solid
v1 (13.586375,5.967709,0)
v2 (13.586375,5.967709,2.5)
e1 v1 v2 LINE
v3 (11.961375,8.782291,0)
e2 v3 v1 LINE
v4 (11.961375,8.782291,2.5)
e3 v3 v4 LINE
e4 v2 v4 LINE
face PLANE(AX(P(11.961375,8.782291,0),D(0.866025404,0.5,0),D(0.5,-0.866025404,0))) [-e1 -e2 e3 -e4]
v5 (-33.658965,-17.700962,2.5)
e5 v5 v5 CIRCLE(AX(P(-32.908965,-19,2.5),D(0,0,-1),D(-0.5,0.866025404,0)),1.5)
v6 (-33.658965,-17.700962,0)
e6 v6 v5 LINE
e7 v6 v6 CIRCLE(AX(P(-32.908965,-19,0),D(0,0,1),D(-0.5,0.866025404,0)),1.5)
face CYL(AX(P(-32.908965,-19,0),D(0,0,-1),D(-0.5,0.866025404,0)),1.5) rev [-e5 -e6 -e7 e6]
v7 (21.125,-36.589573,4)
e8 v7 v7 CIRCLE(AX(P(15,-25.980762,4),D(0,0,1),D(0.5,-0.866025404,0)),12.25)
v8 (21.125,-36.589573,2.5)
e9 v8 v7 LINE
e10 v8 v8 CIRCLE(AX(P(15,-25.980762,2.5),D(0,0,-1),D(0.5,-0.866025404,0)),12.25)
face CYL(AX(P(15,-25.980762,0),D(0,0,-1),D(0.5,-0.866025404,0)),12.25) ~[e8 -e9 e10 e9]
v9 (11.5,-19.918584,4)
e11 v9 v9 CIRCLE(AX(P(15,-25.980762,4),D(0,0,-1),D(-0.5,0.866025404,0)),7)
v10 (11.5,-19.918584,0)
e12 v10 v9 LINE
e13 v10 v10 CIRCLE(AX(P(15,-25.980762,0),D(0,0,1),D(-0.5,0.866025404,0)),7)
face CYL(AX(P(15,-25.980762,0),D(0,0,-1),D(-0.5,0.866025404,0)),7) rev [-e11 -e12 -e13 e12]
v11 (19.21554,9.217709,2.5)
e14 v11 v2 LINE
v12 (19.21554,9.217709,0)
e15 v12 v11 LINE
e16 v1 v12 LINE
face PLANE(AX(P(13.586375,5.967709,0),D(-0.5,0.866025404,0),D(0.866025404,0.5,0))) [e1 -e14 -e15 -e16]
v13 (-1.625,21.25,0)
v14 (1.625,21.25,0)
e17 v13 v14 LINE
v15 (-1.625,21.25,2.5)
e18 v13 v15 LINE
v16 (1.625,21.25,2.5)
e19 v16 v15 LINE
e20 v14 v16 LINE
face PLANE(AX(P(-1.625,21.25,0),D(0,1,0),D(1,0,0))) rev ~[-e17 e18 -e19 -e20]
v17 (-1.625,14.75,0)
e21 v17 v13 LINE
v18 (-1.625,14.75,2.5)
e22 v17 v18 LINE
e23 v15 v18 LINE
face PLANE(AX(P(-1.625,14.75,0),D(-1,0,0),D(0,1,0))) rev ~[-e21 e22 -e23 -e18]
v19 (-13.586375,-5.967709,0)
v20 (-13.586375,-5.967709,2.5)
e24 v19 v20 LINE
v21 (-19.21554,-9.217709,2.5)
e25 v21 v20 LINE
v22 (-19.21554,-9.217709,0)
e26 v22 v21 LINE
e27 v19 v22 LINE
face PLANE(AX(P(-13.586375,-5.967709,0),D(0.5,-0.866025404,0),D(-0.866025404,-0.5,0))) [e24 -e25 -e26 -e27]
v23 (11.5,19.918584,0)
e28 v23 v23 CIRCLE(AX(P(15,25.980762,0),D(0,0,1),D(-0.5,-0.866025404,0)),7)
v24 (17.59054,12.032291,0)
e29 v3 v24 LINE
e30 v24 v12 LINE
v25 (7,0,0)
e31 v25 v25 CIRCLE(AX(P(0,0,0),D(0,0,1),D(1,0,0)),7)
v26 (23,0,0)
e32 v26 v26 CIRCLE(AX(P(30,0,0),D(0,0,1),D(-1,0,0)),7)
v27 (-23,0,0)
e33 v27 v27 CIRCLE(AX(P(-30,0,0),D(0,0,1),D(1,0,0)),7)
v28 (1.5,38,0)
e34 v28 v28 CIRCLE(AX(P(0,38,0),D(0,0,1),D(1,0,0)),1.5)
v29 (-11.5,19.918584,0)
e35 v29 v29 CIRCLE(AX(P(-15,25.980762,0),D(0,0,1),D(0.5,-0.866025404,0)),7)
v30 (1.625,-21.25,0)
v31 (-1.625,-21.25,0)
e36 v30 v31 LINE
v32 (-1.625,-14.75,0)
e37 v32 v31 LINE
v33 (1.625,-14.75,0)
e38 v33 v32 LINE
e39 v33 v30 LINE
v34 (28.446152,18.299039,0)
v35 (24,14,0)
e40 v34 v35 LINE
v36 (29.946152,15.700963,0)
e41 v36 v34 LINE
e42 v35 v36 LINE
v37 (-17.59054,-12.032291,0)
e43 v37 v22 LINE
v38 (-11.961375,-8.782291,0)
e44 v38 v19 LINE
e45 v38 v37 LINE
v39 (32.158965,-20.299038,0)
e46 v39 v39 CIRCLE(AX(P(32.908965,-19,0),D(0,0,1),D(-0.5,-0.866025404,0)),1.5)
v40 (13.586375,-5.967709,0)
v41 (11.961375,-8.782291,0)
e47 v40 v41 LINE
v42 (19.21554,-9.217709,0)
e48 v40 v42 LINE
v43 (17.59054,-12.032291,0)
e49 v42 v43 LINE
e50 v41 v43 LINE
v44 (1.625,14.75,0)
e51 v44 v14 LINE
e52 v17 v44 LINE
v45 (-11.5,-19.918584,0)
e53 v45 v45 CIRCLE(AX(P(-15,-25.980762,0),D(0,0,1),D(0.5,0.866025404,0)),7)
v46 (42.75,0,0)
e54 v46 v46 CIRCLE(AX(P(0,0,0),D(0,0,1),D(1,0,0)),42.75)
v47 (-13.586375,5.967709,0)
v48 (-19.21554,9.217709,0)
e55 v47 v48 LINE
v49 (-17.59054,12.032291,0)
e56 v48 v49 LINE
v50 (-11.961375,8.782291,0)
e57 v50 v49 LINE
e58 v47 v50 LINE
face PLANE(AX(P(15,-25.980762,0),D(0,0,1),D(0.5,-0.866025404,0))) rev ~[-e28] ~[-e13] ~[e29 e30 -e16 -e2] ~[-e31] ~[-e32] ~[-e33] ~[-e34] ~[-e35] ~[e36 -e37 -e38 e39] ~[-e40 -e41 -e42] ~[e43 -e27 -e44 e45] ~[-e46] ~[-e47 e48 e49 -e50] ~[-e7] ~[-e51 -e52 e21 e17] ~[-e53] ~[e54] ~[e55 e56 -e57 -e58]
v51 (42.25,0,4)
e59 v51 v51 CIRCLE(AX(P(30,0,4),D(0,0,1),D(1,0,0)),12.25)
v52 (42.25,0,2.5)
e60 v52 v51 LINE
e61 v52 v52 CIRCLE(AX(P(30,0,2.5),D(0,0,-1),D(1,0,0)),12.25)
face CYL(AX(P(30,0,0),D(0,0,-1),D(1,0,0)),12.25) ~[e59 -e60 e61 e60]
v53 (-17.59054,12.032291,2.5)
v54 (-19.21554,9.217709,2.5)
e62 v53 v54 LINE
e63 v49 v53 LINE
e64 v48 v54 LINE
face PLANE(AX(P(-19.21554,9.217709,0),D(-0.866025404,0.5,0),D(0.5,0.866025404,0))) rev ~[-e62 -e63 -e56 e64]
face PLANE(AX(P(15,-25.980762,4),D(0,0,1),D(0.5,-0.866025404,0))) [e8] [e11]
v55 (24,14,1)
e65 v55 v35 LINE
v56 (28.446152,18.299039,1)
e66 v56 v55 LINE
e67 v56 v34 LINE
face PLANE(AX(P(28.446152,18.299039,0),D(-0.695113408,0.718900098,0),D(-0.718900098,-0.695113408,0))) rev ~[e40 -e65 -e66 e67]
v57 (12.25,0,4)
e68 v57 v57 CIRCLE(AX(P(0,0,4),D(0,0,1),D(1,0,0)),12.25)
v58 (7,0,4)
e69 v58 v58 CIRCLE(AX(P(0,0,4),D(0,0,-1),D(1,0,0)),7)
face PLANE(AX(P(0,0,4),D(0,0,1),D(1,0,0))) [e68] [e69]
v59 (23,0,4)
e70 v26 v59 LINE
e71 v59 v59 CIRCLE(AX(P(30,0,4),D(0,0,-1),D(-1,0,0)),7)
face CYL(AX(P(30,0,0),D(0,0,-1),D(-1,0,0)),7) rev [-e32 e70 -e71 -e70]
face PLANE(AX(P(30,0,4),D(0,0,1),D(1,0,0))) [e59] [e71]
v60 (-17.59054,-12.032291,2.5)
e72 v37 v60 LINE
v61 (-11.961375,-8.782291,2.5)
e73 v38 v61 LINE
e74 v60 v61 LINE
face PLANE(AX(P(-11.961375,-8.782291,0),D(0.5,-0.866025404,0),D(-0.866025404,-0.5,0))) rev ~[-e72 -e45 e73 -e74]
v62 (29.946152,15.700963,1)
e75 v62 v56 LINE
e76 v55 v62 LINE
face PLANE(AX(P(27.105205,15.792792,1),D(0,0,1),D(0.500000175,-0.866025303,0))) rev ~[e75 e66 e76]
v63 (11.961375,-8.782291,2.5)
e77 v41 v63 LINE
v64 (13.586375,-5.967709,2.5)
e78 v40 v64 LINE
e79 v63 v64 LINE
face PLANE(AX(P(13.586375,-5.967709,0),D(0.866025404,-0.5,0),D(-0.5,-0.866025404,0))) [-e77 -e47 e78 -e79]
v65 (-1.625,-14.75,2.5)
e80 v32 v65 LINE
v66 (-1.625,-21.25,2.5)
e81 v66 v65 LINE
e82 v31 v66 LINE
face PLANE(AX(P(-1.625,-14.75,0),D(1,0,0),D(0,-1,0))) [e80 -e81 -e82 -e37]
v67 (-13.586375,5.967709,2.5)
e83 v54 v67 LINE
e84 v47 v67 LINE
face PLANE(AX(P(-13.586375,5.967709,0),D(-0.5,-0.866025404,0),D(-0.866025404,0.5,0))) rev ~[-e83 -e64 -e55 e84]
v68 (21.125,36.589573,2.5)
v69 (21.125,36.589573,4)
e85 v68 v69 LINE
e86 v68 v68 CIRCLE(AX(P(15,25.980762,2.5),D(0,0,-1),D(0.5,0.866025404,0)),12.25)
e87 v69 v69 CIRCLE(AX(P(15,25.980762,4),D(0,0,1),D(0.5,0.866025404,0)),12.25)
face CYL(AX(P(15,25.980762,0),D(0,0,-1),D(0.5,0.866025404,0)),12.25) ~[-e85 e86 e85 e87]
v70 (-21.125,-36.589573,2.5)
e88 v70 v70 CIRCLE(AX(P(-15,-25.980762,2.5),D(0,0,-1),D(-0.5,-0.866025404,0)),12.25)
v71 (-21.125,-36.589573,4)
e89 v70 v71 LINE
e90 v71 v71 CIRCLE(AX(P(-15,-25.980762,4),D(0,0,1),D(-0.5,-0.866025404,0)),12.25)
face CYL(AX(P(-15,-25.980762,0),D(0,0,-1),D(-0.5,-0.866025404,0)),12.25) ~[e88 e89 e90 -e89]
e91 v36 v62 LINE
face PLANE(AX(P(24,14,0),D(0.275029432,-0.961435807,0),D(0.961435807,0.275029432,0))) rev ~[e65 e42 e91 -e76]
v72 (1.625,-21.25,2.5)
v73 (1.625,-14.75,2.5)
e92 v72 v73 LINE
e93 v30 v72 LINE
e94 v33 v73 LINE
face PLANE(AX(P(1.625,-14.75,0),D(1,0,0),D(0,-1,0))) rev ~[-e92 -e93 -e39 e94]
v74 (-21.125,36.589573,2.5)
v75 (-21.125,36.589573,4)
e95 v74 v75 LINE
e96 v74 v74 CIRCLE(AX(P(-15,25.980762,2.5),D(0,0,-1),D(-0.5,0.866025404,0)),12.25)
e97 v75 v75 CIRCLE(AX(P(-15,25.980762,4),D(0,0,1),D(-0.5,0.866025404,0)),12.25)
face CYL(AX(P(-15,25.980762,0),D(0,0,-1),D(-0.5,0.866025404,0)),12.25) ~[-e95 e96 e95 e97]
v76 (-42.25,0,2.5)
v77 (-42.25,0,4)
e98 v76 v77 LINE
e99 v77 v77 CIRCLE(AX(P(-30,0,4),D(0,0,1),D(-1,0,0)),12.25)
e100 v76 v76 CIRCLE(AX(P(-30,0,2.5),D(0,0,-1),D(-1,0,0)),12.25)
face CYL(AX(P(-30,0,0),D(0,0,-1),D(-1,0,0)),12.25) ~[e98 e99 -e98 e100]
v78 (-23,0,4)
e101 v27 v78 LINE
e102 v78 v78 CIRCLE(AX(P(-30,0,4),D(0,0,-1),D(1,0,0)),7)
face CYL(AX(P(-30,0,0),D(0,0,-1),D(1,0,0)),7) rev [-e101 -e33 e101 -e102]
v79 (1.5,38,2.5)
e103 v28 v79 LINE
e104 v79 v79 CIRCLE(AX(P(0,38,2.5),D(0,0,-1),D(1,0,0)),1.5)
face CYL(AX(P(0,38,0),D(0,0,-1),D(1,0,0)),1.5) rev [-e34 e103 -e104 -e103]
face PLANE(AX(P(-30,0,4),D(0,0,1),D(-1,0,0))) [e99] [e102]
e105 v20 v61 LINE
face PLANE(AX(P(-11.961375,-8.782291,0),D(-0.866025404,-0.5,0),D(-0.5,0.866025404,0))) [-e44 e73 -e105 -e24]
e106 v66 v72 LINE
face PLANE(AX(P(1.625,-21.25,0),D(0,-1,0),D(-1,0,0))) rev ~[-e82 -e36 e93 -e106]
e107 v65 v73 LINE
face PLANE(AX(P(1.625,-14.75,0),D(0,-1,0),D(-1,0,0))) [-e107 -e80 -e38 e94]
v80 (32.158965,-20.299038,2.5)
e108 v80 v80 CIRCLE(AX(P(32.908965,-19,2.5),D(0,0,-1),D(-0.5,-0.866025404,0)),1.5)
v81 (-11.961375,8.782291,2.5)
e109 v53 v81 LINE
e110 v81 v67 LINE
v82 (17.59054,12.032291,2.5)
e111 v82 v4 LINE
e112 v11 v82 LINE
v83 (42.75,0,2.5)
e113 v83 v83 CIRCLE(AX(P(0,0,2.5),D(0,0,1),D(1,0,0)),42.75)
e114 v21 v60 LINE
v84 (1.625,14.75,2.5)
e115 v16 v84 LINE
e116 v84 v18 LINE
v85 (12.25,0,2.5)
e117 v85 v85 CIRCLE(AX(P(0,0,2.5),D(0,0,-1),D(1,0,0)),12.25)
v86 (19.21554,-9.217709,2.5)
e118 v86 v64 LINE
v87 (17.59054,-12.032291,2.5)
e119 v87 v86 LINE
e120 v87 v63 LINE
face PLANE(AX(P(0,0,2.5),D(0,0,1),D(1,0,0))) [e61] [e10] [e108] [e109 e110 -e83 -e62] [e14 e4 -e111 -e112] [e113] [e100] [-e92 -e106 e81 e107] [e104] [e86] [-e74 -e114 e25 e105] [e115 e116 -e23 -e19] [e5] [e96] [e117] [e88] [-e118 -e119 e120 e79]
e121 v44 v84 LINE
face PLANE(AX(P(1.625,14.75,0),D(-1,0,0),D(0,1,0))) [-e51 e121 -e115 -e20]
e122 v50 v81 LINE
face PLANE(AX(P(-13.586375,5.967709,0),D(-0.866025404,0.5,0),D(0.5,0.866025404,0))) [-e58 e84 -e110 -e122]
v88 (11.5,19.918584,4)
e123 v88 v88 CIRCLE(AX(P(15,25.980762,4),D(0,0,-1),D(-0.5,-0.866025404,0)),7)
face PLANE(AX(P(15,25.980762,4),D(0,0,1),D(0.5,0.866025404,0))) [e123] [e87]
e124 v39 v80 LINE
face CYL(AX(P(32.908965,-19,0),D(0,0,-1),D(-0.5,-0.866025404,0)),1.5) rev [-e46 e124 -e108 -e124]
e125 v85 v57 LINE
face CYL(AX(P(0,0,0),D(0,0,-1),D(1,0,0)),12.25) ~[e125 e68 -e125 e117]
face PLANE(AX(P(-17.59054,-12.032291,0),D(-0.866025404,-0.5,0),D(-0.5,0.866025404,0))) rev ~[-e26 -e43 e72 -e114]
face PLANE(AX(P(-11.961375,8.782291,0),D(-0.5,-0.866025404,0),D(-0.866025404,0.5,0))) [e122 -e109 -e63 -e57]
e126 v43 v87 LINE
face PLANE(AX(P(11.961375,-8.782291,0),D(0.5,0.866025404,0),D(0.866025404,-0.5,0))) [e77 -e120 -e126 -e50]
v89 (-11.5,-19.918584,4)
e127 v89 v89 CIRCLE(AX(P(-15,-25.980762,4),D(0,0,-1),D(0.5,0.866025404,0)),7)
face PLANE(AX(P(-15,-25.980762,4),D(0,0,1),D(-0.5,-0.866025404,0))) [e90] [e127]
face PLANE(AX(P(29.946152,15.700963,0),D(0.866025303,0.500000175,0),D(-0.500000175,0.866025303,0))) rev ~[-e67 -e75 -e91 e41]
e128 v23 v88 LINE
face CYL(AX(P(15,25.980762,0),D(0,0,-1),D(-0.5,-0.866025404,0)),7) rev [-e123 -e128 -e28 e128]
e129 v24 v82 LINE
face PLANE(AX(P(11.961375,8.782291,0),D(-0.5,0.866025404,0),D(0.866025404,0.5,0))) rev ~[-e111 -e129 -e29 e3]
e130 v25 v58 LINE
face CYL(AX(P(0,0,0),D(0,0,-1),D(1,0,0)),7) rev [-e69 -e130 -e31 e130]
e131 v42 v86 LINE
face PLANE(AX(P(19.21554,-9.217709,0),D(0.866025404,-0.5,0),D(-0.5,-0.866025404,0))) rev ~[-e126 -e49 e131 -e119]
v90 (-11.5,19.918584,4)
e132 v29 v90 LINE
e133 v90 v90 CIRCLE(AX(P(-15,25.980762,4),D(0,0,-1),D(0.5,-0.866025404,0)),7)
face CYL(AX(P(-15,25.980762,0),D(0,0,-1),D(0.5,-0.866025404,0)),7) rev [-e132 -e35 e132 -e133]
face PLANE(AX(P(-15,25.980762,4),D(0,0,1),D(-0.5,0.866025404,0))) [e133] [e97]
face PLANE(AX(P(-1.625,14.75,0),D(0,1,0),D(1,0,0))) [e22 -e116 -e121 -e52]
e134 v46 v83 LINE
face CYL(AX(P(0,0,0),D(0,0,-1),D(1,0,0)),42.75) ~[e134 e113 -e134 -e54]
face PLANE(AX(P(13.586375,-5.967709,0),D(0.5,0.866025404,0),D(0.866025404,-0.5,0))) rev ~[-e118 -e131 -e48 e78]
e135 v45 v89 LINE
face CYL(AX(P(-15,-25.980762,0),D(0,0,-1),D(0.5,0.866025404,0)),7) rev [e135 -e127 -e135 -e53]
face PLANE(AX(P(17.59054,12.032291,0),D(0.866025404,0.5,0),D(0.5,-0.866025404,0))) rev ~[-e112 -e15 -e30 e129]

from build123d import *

# Parameters (mm, degrees)
CYLINDER_R            = 42.75
CYLINDER_DEPTH        = 2.5
CYLINDER001_R         = 12.25
CYLINDER001_DEPTH     = 4
CYLINDER002_R         = 12.25
CYLINDER002_DEPTH     = 4
POLARPATTERN_COUNT    = 6
SKETCH_R              = 7
POCKET_DEPTH          = 4.001
SKETCH001_R           = 7
POCKET001_DEPTH       = 245.963807
POLARPATTERN001_COUNT = 6
SKETCH002_R           = 1.5
POCKET002_DEPTH       = 245.963807
POLARPATTERN002_COUNT = 3
SKETCH003_W           = 3.25
SKETCH003_H           = 6.5
POCKET003_DEPTH       = 245.963807
POLARPATTERN003_COUNT = 6
POCKET004_DEPTH       = 1


with BuildPart() as part:
    # Cylinder → Cylinder (join)
    with BuildSketch(Plane.XY):
        Circle(CYLINDER_R)
    extrude(amount=CYLINDER_DEPTH)

    # Cylinder001 → Cylinder001 (join)
    with BuildSketch(Plane.XY):
        Circle(CYLINDER001_R)
    extrude(amount=CYLINDER001_DEPTH)

    # Cylinder002 → Cylinder002 (join)
    with BuildSketch(Plane(origin=(30, 0, 0), x_dir=(1, 0, 0), z_dir=(0, 0, 1))):
        Circle(CYLINDER002_R)
    cylinder002 = extrude(amount=CYLINDER002_DEPTH)

    # PolarPattern: Cylinder002 ×6 about axis
    polarpattern_axis = Axis((0, 0, 0), (0, 0, 1))
    for i in range(1, POLARPATTERN_COUNT):
        add(cylinder002.rotate(polarpattern_axis, i * 360 / POLARPATTERN_COUNT))

    # Sketch → Pocket (cut, through all)
    with BuildSketch(Plane.XY):
        Circle(SKETCH_R)
    extrude(amount=POCKET_DEPTH, mode=Mode.SUBTRACT)

    # Sketch001 → Pocket001 (cut, through all)
    with BuildSketch(Plane.XY):
        with Locations((-30, 0)):
            Circle(SKETCH001_R)
    pocket001 = extrude(amount=POCKET001_DEPTH, mode=Mode.SUBTRACT)

    # PolarPattern001: Pocket001 ×6 about axis
    polarpattern001_axis = Axis((0, 0, 0), (0, 0, 1))
    for i in range(1, POLARPATTERN001_COUNT):
        add(pocket001.rotate(polarpattern001_axis, i * 360 / POLARPATTERN001_COUNT), mode=Mode.SUBTRACT)

    # Sketch002 → Pocket002 (cut, through all)
    with BuildSketch(Plane.XY):
        with Locations((0, 38)):
            Circle(SKETCH002_R)
    pocket002 = extrude(amount=POCKET002_DEPTH, mode=Mode.SUBTRACT)

    # PolarPattern002: Pocket002 ×3 about axis
    polarpattern002_axis = Axis((0, 0, 0), (0, 0, 1))
    for i in range(1, POLARPATTERN002_COUNT):
        add(pocket002.rotate(polarpattern002_axis, i * 360 / POLARPATTERN002_COUNT), mode=Mode.SUBTRACT)

    # Sketch003 → Pocket003 (cut, through all)
    with BuildSketch(Plane.XY):
        with Locations((0, 18)):
            Rectangle(SKETCH003_W, SKETCH003_H)
    pocket003 = extrude(amount=POCKET003_DEPTH, mode=Mode.SUBTRACT)

    # PolarPattern003: Pocket003 ×6 about axis
    polarpattern003_axis = Axis((0, 0, 0), (0, 0, 1))
    for i in range(1, POLARPATTERN003_COUNT):
        add(pocket003.rotate(polarpattern003_axis, i * 360 / POLARPATTERN003_COUNT), mode=Mode.SUBTRACT)

    # Sketch004 → Pocket004 (cut, symmetric)
    with BuildSketch(Plane(origin=(24, 14, 0), x_dir=(0.5, -0.866025, 0), z_dir=(0, 0, 1))):
        Polygon((0, 0), (1.5, 6), (-1.5, 6), align=None)
    extrude(amount=POCKET004_DEPTH, both=True, mode=Mode.SUBTRACT)


solid = part.part
